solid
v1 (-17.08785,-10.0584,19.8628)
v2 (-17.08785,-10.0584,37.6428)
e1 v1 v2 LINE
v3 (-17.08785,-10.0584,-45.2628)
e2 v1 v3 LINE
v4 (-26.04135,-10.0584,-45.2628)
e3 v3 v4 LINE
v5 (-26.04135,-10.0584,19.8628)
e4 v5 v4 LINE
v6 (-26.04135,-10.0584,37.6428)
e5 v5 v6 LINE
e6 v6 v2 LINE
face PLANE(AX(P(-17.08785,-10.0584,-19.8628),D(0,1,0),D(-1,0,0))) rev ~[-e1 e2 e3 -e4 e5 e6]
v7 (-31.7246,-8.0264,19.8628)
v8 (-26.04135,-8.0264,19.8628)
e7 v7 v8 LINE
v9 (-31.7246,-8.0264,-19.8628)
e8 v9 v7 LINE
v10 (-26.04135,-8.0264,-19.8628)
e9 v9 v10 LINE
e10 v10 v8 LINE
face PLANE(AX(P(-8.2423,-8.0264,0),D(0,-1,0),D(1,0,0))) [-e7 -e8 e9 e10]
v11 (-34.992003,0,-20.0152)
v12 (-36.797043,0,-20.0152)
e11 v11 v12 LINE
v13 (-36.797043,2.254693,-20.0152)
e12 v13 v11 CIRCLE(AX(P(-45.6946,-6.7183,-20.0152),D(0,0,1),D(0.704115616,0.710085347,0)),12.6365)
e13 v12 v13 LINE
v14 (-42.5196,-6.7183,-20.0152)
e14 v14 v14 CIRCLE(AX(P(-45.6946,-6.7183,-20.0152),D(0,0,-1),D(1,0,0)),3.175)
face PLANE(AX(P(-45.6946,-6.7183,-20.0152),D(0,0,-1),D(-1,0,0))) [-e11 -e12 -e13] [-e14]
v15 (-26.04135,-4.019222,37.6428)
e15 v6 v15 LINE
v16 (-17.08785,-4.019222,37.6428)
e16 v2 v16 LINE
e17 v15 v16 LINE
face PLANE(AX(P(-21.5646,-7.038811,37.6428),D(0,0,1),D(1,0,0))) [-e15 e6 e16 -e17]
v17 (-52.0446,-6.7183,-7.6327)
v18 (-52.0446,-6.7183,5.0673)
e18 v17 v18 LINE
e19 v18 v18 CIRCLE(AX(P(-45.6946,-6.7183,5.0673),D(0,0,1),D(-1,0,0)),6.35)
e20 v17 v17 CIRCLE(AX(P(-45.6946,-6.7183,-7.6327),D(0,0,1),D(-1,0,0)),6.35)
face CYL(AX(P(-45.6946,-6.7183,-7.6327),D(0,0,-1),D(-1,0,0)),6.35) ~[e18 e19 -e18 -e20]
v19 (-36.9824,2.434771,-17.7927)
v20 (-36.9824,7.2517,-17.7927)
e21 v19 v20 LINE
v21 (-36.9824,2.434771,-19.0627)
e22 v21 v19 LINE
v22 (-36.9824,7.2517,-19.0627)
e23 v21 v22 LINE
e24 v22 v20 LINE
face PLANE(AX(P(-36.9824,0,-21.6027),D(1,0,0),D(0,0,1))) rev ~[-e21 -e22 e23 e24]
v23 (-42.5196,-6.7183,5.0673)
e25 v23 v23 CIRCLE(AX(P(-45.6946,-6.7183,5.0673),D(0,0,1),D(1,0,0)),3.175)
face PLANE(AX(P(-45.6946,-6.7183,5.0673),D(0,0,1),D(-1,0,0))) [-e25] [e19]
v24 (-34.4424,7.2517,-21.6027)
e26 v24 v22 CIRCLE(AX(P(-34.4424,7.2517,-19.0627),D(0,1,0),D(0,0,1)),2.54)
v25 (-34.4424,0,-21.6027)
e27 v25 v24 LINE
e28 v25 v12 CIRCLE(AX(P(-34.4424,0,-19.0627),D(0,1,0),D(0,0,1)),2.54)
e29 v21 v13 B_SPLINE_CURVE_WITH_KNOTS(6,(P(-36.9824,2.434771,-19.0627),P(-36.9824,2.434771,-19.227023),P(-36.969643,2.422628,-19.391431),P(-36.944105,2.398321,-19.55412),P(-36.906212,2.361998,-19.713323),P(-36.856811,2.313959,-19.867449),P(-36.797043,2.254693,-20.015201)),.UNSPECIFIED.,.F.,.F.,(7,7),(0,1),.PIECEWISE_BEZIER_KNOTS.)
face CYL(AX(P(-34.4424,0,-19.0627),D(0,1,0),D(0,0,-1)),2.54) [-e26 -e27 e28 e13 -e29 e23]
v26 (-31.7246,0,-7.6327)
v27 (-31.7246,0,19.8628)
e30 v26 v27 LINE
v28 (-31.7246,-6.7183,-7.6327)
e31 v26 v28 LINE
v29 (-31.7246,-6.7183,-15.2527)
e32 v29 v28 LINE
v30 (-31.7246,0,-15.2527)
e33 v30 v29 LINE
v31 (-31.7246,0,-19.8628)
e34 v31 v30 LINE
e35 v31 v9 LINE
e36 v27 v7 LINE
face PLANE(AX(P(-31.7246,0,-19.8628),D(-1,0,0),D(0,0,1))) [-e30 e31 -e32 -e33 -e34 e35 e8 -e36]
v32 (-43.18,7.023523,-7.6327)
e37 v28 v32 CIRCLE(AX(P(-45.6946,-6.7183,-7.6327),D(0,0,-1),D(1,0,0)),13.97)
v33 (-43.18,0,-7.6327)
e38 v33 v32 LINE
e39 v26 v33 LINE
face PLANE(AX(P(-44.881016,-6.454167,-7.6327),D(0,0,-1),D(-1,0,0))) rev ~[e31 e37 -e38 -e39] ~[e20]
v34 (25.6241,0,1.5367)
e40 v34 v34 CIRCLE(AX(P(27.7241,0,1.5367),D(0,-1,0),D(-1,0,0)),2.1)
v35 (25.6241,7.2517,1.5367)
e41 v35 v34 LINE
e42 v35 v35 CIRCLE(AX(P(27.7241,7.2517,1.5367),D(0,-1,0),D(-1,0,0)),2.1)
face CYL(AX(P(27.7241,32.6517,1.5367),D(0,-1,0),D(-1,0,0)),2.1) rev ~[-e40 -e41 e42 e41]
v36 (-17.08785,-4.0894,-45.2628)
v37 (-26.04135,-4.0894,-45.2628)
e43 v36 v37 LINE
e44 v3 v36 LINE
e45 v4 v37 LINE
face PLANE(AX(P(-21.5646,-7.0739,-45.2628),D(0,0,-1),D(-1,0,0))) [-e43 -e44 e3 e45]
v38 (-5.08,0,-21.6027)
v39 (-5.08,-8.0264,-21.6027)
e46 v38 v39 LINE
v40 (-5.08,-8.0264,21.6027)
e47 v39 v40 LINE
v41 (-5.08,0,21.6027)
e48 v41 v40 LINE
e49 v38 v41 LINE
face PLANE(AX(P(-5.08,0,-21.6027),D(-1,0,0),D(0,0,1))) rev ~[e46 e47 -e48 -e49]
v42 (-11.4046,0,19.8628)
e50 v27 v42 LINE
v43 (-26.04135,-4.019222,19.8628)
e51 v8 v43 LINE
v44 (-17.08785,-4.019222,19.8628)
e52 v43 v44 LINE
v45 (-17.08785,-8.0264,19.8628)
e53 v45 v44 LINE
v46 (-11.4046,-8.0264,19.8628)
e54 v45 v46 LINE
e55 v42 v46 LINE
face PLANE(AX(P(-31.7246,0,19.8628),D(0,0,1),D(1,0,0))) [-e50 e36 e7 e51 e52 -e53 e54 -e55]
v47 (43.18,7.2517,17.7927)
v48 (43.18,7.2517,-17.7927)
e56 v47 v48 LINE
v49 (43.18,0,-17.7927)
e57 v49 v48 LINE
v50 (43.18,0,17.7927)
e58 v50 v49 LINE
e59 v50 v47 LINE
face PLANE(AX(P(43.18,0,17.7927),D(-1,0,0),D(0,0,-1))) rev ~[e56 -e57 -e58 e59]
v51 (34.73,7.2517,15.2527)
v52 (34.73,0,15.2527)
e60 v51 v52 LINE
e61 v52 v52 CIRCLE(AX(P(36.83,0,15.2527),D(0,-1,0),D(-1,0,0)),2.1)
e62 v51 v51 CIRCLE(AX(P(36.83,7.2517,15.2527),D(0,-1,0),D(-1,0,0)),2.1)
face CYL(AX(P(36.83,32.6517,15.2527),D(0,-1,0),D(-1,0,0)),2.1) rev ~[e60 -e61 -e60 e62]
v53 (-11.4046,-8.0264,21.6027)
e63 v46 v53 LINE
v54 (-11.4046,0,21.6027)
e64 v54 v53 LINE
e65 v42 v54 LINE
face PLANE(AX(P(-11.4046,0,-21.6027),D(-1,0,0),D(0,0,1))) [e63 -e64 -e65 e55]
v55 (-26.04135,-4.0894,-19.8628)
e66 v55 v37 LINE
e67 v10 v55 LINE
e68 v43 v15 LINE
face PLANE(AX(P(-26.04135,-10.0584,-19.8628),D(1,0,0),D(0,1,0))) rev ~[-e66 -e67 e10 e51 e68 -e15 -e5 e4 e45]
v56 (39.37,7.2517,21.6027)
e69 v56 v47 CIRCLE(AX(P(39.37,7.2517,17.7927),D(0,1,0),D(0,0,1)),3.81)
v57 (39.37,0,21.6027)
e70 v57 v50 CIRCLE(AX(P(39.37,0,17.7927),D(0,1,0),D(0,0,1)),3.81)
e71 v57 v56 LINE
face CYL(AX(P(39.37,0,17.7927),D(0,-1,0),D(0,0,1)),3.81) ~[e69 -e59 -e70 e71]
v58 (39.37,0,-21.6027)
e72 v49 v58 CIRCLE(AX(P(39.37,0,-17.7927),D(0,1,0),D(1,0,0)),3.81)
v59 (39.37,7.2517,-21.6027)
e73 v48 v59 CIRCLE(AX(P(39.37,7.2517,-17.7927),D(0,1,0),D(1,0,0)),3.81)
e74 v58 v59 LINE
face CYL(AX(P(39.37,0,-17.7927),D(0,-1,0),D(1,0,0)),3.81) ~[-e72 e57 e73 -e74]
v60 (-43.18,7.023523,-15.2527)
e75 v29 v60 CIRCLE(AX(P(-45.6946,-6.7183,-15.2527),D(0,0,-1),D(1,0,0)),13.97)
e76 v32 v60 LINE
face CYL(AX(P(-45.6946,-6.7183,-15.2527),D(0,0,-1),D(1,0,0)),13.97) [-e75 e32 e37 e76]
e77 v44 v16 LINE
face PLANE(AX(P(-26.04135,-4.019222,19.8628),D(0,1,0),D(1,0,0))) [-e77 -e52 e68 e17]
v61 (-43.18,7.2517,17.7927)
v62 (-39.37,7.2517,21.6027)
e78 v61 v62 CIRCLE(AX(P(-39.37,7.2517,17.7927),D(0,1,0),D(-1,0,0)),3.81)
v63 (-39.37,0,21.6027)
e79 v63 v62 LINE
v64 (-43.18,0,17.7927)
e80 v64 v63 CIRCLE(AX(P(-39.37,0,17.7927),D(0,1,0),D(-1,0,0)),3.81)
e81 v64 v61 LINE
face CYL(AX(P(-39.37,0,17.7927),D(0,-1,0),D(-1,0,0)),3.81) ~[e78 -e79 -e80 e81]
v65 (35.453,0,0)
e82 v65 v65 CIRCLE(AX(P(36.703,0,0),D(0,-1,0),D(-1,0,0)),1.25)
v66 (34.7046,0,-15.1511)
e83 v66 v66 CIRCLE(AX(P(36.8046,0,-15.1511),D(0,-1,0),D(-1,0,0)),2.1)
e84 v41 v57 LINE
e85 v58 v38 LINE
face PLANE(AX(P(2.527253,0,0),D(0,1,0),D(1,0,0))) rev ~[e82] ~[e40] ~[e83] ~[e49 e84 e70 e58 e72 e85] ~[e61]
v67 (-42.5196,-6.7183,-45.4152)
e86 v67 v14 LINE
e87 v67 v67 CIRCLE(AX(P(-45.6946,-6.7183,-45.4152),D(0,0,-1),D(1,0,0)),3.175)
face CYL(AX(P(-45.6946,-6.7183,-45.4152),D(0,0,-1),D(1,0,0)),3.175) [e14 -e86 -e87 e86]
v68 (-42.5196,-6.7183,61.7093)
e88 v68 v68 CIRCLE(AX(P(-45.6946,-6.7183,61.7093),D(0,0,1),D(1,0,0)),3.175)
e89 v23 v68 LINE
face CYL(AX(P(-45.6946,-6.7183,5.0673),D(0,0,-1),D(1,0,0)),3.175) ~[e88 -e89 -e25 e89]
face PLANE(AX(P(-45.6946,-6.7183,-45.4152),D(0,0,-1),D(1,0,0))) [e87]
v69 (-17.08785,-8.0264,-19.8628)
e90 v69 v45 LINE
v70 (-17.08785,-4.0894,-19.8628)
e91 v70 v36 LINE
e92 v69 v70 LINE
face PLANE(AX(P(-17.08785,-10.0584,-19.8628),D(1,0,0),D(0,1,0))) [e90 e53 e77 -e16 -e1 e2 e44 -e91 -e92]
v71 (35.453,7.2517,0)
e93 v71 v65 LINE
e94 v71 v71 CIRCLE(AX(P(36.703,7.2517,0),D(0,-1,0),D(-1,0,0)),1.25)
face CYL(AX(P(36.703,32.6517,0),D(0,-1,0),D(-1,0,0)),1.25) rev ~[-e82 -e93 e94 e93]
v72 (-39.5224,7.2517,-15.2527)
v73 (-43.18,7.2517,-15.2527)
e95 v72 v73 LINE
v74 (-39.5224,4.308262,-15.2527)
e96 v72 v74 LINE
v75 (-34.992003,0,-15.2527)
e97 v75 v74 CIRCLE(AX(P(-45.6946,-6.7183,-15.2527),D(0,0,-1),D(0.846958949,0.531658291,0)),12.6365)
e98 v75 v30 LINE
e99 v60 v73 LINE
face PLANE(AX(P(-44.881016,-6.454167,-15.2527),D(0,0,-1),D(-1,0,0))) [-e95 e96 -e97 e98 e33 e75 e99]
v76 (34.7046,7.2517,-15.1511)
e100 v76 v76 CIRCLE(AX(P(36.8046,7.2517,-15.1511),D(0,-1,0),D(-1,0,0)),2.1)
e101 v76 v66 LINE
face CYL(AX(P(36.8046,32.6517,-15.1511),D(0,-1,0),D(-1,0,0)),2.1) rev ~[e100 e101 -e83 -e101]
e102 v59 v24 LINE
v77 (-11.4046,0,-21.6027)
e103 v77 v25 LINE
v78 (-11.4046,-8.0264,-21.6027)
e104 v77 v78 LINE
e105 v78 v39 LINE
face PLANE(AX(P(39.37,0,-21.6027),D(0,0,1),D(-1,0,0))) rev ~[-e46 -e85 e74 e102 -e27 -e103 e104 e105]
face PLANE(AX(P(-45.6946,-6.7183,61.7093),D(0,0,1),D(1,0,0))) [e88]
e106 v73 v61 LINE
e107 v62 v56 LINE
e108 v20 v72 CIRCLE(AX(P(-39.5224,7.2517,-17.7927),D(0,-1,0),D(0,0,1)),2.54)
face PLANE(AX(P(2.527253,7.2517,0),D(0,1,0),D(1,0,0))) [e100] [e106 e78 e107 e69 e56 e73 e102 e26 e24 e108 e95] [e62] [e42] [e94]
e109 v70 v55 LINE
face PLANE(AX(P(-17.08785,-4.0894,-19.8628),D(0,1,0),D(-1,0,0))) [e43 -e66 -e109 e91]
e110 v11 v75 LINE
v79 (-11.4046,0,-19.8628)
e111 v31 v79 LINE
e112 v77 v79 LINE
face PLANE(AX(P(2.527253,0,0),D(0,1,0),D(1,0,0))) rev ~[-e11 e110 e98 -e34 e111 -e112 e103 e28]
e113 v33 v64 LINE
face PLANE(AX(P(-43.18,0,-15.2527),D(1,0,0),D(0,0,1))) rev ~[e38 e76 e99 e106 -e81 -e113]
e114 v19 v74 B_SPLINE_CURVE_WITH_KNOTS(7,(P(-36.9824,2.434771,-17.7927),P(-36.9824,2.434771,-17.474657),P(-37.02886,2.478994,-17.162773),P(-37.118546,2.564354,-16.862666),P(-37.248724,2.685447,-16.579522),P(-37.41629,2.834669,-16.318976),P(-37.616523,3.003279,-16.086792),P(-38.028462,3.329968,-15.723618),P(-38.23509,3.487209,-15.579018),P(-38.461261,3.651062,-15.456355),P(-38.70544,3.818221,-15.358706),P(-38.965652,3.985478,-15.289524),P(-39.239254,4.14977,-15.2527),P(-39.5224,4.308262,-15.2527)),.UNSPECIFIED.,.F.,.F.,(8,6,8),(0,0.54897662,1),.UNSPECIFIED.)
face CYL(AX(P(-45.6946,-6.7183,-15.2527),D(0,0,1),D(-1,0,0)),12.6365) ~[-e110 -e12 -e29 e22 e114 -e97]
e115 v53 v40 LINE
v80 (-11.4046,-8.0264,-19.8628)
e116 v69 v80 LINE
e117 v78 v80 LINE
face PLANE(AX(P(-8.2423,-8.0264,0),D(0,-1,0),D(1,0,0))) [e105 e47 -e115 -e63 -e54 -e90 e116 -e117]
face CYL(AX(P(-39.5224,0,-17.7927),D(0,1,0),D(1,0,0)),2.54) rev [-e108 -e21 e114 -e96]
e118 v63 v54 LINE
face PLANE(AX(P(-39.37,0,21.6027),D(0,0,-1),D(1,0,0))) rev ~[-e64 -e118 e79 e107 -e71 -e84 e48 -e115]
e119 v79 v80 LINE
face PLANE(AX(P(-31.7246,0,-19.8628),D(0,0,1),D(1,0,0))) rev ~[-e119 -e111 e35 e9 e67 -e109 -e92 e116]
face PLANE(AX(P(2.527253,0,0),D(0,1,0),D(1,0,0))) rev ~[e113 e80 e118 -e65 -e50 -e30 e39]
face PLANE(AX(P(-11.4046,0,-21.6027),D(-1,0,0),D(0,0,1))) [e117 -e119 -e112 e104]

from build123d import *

# Parameters (mm, degrees)
BOSS_EXTRUDE1_DEPTH             = 7.2517
FILLET1_R                       = 2.54
SKETCH3_W                       = 6.3246
SKETCH3_H                       = 43.2054
BOSS_EXTRUDE2_DEPTH             = 8.0264
SKETCH4_W                       = 20.32
SKETCH4_H                       = 39.7256
BOSS_EXTRUDE3_DEPTH             = 8.0264
SKETCH5_W                       = 8.9535
SKETCH5_H                       = 39.7256
BOSS_EXTRUDE4_DEPTH             = 2.032
BOSS_EXTRUDE5_DEPTH             = 7.62
SKETCH7_R                       = 12.6365
BOSS_EXTRUDE6_DEPTH             = 4.7625
SKETCH8_R                       = 6.35
BOSS_EXTRUDE7_DEPTH             = 12.7
SKETCH10_R                      = 3.175
BOSS_EXTRUDE8_DEPTH             = 56.642
BOSS_EXTRUDE9_START             = 25.4
SKETCH12_R                      = 3.175
BOSS_EXTRUDE9_DEPTH             = 25.4
SKETCH15_W                      = 8.9535
SKETCH15_H                      = 6.039178017
BOSS_EXTRUDE12_DEPTH            = 17.78
SKETCH14_W                      = 8.9535
SKETCH14_H                      = 5.969
BOSS_EXTRUDE13_DEPTH            = 25.4
TAP_DRILL_FOR_M5X0_8_TAP1_D     = 4.2
TAP_DRILL_FOR_M5X0_8_TAP1_DEPTH = 25.4
TAP_DRILL_FOR_M5X0_8_TAP1_TIP   = 1.2618073
TAP_DRILL_FOR_M3X0_5_TAP1_D     = 2.5
TAP_DRILL_FOR_M3X0_5_TAP1_DEPTH = 25.4
TAP_DRILL_FOR_M3X0_5_TAP1_TIP   = 0.751075774
TAP_DRILL_FOR_M5X0_8_TAP2_D     = 4.2
TAP_DRILL_FOR_M5X0_8_TAP2_DEPTH = 25.4
TAP_DRILL_FOR_M5X0_8_TAP2_TIP   = 1.2618073


with BuildPart() as part:
    # Sketch1 → Boss-Extrude1 (new body)
    with BuildSketch(Plane(origin=(0, 0, 0), x_dir=(1, 0, 0), z_dir=(0, 1, 0))):
        with BuildLine():
            Line((39.37, 21.6027), (-36.9824, 21.6027))
            Line((-36.9824, 21.6027), (-36.9824, 15.2527))
            Line((-36.9824, 15.2527), (-36.9824, -21.6027))
            Line((-36.9824, -21.6027), (39.37, -21.6027))
            ThreePointArc((39.37, -21.6027), (42.064076836, -20.486776836), (43.18, -17.7927))
            Line((43.18, -17.7927), (43.18, 17.7927))
            ThreePointArc((43.18, 17.7927), (42.064076836, 20.486776836), (39.37, 21.6027))
        make_face()
        with BuildLine():
            Line((-36.9824, -21.6027), (-36.9824, 15.2527))
            Line((-36.9824, 15.2527), (-43.18, 15.2527))
            Line((-43.18, 15.2527), (-43.18, -17.7927))
            ThreePointArc((-43.18, -17.7927), (-42.064076836, -20.486776836), (-39.37, -21.6027))
            Line((-39.37, -21.6027), (-36.9824, -21.6027))
        make_face()
    extrude(amount=BOSS_EXTRUDE1_DEPTH)

    # Fillet1
    fillet1_edges = [part.edges().sort_by_distance(p)[0] for p in [
        (-36.9824, 3.62585, -15.2527),
        (-36.9824, 3.62585, -21.6027),
    ]]
    fillet(fillet1_edges, radius=FILLET1_R)

    # Sketch3 → Boss-Extrude2 (add)
    with BuildSketch(Plane.XZ):
        with Locations((-8.2423, 0)):
            Rectangle(SKETCH3_W, SKETCH3_H)
    extrude(amount=BOSS_EXTRUDE2_DEPTH)

    # Sketch4 → Boss-Extrude3 (add)
    with BuildSketch(Plane.XZ):
        with Locations((-21.5646, 0)):
            Rectangle(SKETCH4_W, SKETCH4_H)
    extrude(amount=BOSS_EXTRUDE3_DEPTH)

    # Sketch5 → Boss-Extrude4 (add)
    with BuildSketch(Plane.XZ.offset(8.0264)):
        with Locations((-21.5646, 0)):
            Rectangle(SKETCH5_W, SKETCH5_H)
    extrude(amount=BOSS_EXTRUDE4_DEPTH)

    # Sketch6 → Boss-Extrude5 (add)
    with BuildSketch(Plane(origin=(0, 0, -15.2527), x_dir=(-1, 0, 0), z_dir=(0, 0, -1))):
        with BuildLine():
            Line((31.7246, 0), (31.7246, -6.7183))
            ThreePointArc((31.7246, -6.7183), (59.227378961, -10.185978415), (33.44611662, 0))
            Line((33.44611662, 0), (31.7246, 0))
        make_face()
    extrude(amount=-BOSS_EXTRUDE5_DEPTH)

    # Sketch7 → Boss-Extrude6 (add)
    with BuildSketch(Plane(origin=(0, 0, -15.2527), x_dir=(-1, 0, 0), z_dir=(0, 0, -1))):
        with Locations((45.6946, -6.7183)):
            Circle(SKETCH7_R)
    extrude(amount=BOSS_EXTRUDE6_DEPTH)

    # Sketch8 → Boss-Extrude7 (add)
    with BuildSketch(Plane.XY.offset(-7.6327)):
        with Locations(Location((-45.6946, -6.7183, 0), (0, 0, 180))):
            Circle(SKETCH8_R)
    extrude(amount=BOSS_EXTRUDE7_DEPTH)

    # Sketch10 → Boss-Extrude8 (add)
    with BuildSketch(Plane.XY.offset(5.0673)):
        with Locations((-45.6946, -6.7183)):
            Circle(SKETCH10_R)
    extrude(amount=BOSS_EXTRUDE8_DEPTH)

    # Sketch12 → Boss-Extrude9 (add)
    with BuildSketch(Plane(origin=(0, 0, -20.0152), x_dir=(-1, 0, 0), z_dir=(0, 0, -1)).offset(BOSS_EXTRUDE9_START)):
        with Locations(Location((45.6946, -6.7183, 0), (0, 0, 180))):
            Circle(SKETCH12_R)
    extrude(amount=-BOSS_EXTRUDE9_DEPTH)

    # Sketch15 → Boss-Extrude12 (add)
    with BuildSketch(Plane.XY.offset(19.8628)):
        with Locations((-21.5646, -7.038810992)):
            Rectangle(SKETCH15_W, SKETCH15_H)
    extrude(amount=BOSS_EXTRUDE12_DEPTH)

    # Sketch14 → Boss-Extrude13 (add)
    with BuildSketch(Plane(origin=(0, 0, -19.8628), x_dir=(-1, 0, 0), z_dir=(0, 0, -1))):
        with Locations((21.5646, -7.0739)):
            Rectangle(SKETCH14_W, SKETCH14_H)
    extrude(amount=BOSS_EXTRUDE13_DEPTH)

    # Tap Drill for M5x0.8 Tap1
    with Locations(Plane(origin=(0, 7.2517, 0), x_dir=(1, 0, 0), z_dir=(0, 1, 0))):
        with Locations((36.8046, 15.1511), (36.83, -15.2527)):
            Hole(TAP_DRILL_FOR_M5X0_8_TAP1_D / 2, depth=TAP_DRILL_FOR_M5X0_8_TAP1_DEPTH)
            with Locations((0, 0, -(TAP_DRILL_FOR_M5X0_8_TAP1_DEPTH + TAP_DRILL_FOR_M5X0_8_TAP1_TIP / 2))):  # 118° drill point
                Cone(0, TAP_DRILL_FOR_M5X0_8_TAP1_D / 2, TAP_DRILL_FOR_M5X0_8_TAP1_TIP, mode=Mode.SUBTRACT)

    # Tap Drill for M3x0.5 Tap1
    with Locations(Plane(origin=(0, 7.2517, 0), x_dir=(1, 0, 0), z_dir=(0, 1, 0))):
        with Locations((36.703, 0)):
            Hole(TAP_DRILL_FOR_M3X0_5_TAP1_D / 2, depth=TAP_DRILL_FOR_M3X0_5_TAP1_DEPTH)
            with Locations((0, 0, -(TAP_DRILL_FOR_M3X0_5_TAP1_DEPTH + TAP_DRILL_FOR_M3X0_5_TAP1_TIP / 2))):  # 118° drill point
                Cone(0, TAP_DRILL_FOR_M3X0_5_TAP1_D / 2, TAP_DRILL_FOR_M3X0_5_TAP1_TIP, mode=Mode.SUBTRACT)

    # Tap Drill for M5x0.8 Tap2
    with Locations(Plane(origin=(0, 7.2517, 0), x_dir=(1, 0, 0), z_dir=(0, 1, 0))):
        with Locations((27.7241, -1.5367)):
            Hole(TAP_DRILL_FOR_M5X0_8_TAP2_D / 2, depth=TAP_DRILL_FOR_M5X0_8_TAP2_DEPTH)
            with Locations((0, 0, -(TAP_DRILL_FOR_M5X0_8_TAP2_DEPTH + TAP_DRILL_FOR_M5X0_8_TAP2_TIP / 2))):  # 118° drill point
                Cone(0, TAP_DRILL_FOR_M5X0_8_TAP2_D / 2, TAP_DRILL_FOR_M5X0_8_TAP2_TIP, mode=Mode.SUBTRACT)


solid = part.part
